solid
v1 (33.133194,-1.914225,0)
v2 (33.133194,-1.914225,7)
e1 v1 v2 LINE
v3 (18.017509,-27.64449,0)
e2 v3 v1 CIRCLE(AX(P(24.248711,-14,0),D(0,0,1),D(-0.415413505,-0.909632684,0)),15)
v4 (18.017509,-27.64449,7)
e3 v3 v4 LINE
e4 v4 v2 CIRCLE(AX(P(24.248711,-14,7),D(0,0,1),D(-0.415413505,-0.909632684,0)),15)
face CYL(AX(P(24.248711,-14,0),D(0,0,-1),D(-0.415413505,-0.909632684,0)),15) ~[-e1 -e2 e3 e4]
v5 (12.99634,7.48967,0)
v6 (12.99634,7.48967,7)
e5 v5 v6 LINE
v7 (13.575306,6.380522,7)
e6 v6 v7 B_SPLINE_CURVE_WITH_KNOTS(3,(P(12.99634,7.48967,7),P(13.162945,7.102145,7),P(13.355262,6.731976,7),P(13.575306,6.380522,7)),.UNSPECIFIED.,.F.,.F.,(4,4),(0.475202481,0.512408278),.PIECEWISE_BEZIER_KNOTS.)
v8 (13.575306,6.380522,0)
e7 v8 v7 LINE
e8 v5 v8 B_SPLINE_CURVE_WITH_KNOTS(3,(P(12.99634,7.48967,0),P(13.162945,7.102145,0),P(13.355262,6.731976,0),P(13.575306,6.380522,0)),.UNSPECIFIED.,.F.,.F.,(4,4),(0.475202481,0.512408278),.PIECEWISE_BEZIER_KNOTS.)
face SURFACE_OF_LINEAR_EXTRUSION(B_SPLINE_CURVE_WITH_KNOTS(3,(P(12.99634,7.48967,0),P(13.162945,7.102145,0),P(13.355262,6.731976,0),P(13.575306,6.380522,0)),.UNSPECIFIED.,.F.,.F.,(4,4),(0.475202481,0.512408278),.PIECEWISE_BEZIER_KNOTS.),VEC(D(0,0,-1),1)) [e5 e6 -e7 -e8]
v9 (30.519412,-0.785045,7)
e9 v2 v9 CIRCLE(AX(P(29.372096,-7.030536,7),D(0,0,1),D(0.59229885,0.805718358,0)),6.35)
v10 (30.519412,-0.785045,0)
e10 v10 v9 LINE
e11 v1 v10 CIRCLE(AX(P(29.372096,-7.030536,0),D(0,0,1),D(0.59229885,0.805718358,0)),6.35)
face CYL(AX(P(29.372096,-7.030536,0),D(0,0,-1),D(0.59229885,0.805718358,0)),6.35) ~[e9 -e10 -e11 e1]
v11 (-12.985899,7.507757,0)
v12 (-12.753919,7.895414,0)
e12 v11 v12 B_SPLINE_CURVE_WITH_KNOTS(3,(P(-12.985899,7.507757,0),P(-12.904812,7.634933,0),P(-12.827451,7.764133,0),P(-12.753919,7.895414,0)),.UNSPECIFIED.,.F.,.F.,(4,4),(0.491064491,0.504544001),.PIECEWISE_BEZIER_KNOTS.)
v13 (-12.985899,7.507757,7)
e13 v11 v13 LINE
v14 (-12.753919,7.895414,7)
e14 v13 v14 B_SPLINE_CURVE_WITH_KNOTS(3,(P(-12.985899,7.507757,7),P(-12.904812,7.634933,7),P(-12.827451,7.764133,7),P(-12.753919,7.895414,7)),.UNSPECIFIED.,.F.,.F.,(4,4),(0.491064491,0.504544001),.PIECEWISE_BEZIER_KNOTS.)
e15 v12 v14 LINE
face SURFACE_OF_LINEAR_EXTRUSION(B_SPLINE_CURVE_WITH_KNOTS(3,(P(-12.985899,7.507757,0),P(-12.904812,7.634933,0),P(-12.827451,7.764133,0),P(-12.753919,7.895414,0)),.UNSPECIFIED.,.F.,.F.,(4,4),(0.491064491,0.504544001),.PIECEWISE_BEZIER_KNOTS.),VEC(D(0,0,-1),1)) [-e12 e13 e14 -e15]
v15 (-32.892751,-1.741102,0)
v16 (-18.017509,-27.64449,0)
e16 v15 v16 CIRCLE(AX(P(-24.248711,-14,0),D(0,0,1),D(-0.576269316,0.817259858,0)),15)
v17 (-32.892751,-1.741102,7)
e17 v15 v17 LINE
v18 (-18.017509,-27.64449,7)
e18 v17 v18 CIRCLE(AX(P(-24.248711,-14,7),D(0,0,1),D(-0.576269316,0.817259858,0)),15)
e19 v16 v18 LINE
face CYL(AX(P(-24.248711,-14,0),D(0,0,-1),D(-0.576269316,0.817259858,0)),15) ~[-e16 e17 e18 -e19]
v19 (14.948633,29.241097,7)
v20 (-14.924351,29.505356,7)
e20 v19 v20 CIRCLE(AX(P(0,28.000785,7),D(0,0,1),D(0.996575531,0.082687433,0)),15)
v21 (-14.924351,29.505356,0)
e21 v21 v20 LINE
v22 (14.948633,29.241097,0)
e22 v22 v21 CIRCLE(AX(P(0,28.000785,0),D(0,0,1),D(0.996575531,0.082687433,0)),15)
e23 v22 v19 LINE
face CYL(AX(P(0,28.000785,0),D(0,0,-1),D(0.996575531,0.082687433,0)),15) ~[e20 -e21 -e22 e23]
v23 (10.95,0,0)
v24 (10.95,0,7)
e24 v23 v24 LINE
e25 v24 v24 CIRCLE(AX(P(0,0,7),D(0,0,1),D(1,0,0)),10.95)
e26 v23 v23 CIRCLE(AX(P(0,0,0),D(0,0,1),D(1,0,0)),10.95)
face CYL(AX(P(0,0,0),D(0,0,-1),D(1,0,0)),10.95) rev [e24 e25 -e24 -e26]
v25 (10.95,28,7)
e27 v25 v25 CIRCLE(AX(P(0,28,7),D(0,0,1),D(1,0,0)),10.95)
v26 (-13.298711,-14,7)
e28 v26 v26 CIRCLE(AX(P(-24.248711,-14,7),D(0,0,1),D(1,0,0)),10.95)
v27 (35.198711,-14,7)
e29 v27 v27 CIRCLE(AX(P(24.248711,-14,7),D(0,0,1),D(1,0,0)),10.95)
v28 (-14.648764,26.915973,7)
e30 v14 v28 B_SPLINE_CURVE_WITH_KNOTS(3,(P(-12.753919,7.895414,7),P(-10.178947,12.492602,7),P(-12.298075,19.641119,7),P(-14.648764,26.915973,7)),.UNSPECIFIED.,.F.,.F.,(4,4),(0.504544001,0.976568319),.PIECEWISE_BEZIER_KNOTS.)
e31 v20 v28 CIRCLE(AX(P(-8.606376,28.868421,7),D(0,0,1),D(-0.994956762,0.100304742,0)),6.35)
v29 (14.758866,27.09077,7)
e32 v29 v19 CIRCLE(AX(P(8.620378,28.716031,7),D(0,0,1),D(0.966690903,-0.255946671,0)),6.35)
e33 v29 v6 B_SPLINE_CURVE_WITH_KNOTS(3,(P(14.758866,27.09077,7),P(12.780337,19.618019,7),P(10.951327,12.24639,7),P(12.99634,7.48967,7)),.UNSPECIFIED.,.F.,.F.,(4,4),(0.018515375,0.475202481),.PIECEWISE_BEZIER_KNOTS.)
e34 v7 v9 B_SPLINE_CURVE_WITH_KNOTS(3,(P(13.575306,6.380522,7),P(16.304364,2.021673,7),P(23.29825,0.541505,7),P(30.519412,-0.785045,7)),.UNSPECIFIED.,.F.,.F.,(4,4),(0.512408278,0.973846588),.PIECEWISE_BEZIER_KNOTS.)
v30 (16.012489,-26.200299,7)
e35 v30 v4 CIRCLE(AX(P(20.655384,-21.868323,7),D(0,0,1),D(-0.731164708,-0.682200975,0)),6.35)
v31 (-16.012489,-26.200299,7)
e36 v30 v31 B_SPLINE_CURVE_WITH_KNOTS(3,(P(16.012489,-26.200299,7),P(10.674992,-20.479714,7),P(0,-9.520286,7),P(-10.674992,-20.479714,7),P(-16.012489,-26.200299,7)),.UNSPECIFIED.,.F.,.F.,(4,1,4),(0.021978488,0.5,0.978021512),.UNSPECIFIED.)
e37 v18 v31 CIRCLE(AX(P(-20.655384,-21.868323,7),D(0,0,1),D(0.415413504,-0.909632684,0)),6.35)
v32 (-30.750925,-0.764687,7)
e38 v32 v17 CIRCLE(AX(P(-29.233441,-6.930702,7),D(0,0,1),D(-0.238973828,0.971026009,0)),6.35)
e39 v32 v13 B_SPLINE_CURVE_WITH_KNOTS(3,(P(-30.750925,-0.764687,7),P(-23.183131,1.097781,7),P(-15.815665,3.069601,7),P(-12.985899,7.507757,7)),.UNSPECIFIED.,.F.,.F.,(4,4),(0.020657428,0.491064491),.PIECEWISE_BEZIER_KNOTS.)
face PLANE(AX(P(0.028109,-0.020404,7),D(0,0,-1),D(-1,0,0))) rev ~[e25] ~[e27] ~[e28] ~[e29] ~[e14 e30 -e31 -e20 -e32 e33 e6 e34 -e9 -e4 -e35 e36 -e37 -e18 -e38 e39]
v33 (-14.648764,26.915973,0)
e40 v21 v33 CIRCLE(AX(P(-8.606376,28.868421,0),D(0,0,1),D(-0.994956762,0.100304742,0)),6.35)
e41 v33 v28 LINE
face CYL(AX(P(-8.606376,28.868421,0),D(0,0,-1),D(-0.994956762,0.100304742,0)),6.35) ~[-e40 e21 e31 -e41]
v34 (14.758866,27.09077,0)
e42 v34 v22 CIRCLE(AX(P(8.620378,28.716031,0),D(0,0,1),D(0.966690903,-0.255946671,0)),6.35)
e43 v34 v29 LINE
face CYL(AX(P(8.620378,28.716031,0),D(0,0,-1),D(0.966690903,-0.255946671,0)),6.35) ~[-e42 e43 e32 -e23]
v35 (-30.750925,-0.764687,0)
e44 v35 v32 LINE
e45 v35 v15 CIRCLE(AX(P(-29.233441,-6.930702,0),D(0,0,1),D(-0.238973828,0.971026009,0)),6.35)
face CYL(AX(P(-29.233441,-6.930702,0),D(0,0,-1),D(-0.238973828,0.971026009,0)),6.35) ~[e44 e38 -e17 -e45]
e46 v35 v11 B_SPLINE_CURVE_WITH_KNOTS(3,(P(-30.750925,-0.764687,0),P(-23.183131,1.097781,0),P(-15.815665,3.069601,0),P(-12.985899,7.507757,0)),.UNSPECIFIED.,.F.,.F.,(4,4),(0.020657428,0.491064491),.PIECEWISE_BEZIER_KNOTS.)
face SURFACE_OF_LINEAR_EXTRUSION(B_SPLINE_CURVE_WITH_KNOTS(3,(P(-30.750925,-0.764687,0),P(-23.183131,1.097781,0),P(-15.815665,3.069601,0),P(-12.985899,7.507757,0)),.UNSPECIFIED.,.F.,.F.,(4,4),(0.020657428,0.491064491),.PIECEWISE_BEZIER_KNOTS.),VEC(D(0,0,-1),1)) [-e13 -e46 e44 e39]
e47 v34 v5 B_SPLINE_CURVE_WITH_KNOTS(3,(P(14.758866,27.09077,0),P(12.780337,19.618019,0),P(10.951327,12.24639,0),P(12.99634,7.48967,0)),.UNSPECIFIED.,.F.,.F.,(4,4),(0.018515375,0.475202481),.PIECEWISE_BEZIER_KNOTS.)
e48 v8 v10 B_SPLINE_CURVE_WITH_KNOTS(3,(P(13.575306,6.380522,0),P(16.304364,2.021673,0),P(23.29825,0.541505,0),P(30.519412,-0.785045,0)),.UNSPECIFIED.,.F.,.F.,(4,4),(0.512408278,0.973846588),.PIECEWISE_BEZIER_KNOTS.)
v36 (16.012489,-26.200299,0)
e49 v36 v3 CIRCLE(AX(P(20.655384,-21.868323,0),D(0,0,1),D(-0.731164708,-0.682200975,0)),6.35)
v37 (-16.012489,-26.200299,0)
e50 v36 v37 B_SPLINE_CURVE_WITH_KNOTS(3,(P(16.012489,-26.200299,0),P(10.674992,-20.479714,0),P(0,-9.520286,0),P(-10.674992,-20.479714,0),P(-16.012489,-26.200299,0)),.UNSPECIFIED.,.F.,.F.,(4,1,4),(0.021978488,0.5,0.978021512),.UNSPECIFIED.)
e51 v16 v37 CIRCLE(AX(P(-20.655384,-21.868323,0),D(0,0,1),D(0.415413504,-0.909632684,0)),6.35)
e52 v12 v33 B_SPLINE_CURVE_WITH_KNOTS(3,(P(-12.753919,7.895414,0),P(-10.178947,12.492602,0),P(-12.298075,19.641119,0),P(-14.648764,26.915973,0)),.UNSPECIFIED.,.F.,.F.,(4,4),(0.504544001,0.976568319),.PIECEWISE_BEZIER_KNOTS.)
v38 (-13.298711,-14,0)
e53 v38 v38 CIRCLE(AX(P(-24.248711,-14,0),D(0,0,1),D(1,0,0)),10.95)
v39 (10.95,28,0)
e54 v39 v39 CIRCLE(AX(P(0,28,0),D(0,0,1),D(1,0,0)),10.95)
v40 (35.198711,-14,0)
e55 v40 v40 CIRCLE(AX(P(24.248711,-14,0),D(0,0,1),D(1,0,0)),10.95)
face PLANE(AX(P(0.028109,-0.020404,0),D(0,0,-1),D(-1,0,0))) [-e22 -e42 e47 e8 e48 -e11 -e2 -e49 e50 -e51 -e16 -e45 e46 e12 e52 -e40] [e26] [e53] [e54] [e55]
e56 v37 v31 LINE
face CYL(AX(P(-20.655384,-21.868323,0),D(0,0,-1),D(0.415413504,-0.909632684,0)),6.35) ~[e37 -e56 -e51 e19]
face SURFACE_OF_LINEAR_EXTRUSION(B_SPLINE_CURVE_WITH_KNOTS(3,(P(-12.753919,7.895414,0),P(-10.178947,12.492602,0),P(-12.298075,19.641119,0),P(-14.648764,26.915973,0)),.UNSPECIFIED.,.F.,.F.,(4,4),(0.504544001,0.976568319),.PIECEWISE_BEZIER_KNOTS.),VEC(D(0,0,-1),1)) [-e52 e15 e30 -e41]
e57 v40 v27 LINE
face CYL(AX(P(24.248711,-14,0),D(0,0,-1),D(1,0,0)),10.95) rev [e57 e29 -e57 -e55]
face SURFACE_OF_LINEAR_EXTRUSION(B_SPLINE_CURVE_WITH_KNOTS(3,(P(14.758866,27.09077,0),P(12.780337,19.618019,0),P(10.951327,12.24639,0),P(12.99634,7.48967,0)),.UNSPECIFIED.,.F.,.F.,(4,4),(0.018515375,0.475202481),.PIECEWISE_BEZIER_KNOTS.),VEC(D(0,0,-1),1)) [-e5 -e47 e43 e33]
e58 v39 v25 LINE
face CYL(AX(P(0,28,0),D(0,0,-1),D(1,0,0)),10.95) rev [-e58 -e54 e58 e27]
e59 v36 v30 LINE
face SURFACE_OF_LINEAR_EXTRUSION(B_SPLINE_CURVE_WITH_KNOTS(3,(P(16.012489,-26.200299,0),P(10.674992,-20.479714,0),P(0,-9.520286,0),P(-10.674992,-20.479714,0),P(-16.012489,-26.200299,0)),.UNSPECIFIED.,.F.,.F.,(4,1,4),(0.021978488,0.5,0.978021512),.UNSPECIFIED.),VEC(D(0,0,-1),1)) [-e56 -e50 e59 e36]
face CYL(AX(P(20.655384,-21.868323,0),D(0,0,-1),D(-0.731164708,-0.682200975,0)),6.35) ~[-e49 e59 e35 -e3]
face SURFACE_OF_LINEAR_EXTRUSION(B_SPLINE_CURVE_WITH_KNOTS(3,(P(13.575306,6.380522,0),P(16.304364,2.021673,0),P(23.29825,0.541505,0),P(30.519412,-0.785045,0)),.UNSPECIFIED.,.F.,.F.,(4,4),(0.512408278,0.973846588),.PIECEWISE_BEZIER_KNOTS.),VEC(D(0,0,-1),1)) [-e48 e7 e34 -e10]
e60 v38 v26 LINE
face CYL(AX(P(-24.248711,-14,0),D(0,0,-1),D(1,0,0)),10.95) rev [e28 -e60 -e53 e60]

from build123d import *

# Parameters (mm, degrees)
F0_R     = 10.95
F1_DEPTH = 7


with BuildPart() as f1:
    # F0 (on Top) → F1 (new body)
    with BuildSketch(Plane.XY):
        with BuildLine():
            add(Edge.make_bspline(
                [(-30.7509247006, -0.7646870751), (-23.1831308667, 1.0977807157), (-15.8156650374, 3.0696007923), (-12.9858993543, 7.507757186)],
                knots=[0.0206574281, 0.0206574281, 0.0206574281, 0.0206574281, 0.4910644908, 0.4910644908, 0.4910644908, 0.4910644908], degree=3))
            ThreePointArc((-30.7509247006, -0.7646870751), (-31.86747687, -1.1527826683), (-32.8927510496, -1.7411021335))
            ThreePointArc((-32.8927510496, -1.7411021335), (-37.2564714845, -21.4698176009), (-18.0175087373, -27.6444902591))
            ThreePointArc((-18.0175087373, -27.6444902591), (-16.9440732508, -27.0208627556), (-16.0124885951, -26.200298903))
            add(Edge.make_bspline(
                [(16.0124885838, -26.200298882), (10.6749923858, -20.4797136089), (-1e-09, -9.5202863824), (-10.6749923942, -20.4797136263), (-16.0124885951, -26.200298903)],
                knots=[0.0219784881, 0.0219784881, 0.0219784881, 0.0219784881, 0.4999999999, 0.9780215118, 0.9780215118, 0.9780215118, 0.9780215118], degree=3))
            ThreePointArc((16.0124885838, -26.200298882), (16.9440732369, -27.0208627327), (18.0175087202, -27.6444902354))
            ThreePointArc((18.0175087202, -27.6444902354), (37.1820641506, -21.5979196823), (33.1331940431, -1.9142246238))
            ThreePointArc((33.1331940431, -1.9142246238), (31.8904079588, -1.2012475076), (30.5194124352, -0.7850445593))
            add(Edge.make_bspline(
                [(13.5753062492, 6.380521941), (16.3043640952, 2.0216734287), (23.2982499089, 0.5415052843), (30.5194124352, -0.7850445593)],
                knots=[0.5124082777, 0.5124082777, 0.5124082777, 0.5124082777, 0.973846588, 0.973846588, 0.973846588, 0.973846588], degree=3))
            add(Edge.make_bspline(
                [(12.9963396356, 7.4896699542), (13.1629446011, 7.1021452325), (13.3552621628, 6.7319761398), (13.5753062492, 6.380521941)],
                knots=[0.475202481, 0.475202481, 0.475202481, 0.475202481, 0.5124082777, 0.5124082777, 0.5124082777, 0.5124082777], degree=3))
            add(Edge.make_bspline(
                [(14.7588655604, 27.0907700326), (12.7803366977, 19.6180185993), (10.9513265918, 12.246389588), (12.9963396356, 7.4896699542)],
                knots=[0.0185153748, 0.0185153748, 0.0185153748, 0.0185153748, 0.475202481, 0.475202481, 0.475202481, 0.475202481], degree=3))
            ThreePointArc((14.7588655604, 27.0907700326), (14.9457944549, 28.1578102776), (14.9486329476, 29.241096592))
            ThreePointArc((14.9486329476, 29.241096592), (0.1326864109, 43.0001982315), (-14.9243514469, 29.5053562299))
            ThreePointArc((-14.9243514469, 29.5053562299), (-14.9207144001, 28.1963864064), (-14.6487635446, 26.9159732078))
            add(Edge.make_bspline(
                [(-12.7539185132, 7.8954140207), (-10.1789473958, 12.4926023835), (-12.2980746306, 19.6411192531), (-14.6487635446, 26.9159732078)],
                knots=[0.5045440007, 0.5045440007, 0.5045440007, 0.5045440007, 0.9765683189, 0.9765683189, 0.9765683189, 0.9765683189], degree=3))
            add(Edge.make_bspline(
                [(-12.9858993543, 7.507757186), (-12.9048124454, 7.6349325155), (-12.8274514805, 7.7641329747), (-12.7539185132, 7.8954140207)],
                knots=[0.4910644908, 0.4910644908, 0.4910644908, 0.4910644908, 0.5045440007, 0.5045440007, 0.5045440007, 0.5045440007], degree=3))
        make_face()
        with Locations((-24.248711306, -14)):
            Circle(F0_R, mode=Mode.SUBTRACT)
        with Locations((24.248711306, -14)):
            Circle(F0_R, mode=Mode.SUBTRACT)
        Circle(F0_R, mode=Mode.SUBTRACT)
        with Locations((0, 28)):
            Circle(F0_R, mode=Mode.SUBTRACT)
    extrude(amount=F1_DEPTH)


solid = f1.part
